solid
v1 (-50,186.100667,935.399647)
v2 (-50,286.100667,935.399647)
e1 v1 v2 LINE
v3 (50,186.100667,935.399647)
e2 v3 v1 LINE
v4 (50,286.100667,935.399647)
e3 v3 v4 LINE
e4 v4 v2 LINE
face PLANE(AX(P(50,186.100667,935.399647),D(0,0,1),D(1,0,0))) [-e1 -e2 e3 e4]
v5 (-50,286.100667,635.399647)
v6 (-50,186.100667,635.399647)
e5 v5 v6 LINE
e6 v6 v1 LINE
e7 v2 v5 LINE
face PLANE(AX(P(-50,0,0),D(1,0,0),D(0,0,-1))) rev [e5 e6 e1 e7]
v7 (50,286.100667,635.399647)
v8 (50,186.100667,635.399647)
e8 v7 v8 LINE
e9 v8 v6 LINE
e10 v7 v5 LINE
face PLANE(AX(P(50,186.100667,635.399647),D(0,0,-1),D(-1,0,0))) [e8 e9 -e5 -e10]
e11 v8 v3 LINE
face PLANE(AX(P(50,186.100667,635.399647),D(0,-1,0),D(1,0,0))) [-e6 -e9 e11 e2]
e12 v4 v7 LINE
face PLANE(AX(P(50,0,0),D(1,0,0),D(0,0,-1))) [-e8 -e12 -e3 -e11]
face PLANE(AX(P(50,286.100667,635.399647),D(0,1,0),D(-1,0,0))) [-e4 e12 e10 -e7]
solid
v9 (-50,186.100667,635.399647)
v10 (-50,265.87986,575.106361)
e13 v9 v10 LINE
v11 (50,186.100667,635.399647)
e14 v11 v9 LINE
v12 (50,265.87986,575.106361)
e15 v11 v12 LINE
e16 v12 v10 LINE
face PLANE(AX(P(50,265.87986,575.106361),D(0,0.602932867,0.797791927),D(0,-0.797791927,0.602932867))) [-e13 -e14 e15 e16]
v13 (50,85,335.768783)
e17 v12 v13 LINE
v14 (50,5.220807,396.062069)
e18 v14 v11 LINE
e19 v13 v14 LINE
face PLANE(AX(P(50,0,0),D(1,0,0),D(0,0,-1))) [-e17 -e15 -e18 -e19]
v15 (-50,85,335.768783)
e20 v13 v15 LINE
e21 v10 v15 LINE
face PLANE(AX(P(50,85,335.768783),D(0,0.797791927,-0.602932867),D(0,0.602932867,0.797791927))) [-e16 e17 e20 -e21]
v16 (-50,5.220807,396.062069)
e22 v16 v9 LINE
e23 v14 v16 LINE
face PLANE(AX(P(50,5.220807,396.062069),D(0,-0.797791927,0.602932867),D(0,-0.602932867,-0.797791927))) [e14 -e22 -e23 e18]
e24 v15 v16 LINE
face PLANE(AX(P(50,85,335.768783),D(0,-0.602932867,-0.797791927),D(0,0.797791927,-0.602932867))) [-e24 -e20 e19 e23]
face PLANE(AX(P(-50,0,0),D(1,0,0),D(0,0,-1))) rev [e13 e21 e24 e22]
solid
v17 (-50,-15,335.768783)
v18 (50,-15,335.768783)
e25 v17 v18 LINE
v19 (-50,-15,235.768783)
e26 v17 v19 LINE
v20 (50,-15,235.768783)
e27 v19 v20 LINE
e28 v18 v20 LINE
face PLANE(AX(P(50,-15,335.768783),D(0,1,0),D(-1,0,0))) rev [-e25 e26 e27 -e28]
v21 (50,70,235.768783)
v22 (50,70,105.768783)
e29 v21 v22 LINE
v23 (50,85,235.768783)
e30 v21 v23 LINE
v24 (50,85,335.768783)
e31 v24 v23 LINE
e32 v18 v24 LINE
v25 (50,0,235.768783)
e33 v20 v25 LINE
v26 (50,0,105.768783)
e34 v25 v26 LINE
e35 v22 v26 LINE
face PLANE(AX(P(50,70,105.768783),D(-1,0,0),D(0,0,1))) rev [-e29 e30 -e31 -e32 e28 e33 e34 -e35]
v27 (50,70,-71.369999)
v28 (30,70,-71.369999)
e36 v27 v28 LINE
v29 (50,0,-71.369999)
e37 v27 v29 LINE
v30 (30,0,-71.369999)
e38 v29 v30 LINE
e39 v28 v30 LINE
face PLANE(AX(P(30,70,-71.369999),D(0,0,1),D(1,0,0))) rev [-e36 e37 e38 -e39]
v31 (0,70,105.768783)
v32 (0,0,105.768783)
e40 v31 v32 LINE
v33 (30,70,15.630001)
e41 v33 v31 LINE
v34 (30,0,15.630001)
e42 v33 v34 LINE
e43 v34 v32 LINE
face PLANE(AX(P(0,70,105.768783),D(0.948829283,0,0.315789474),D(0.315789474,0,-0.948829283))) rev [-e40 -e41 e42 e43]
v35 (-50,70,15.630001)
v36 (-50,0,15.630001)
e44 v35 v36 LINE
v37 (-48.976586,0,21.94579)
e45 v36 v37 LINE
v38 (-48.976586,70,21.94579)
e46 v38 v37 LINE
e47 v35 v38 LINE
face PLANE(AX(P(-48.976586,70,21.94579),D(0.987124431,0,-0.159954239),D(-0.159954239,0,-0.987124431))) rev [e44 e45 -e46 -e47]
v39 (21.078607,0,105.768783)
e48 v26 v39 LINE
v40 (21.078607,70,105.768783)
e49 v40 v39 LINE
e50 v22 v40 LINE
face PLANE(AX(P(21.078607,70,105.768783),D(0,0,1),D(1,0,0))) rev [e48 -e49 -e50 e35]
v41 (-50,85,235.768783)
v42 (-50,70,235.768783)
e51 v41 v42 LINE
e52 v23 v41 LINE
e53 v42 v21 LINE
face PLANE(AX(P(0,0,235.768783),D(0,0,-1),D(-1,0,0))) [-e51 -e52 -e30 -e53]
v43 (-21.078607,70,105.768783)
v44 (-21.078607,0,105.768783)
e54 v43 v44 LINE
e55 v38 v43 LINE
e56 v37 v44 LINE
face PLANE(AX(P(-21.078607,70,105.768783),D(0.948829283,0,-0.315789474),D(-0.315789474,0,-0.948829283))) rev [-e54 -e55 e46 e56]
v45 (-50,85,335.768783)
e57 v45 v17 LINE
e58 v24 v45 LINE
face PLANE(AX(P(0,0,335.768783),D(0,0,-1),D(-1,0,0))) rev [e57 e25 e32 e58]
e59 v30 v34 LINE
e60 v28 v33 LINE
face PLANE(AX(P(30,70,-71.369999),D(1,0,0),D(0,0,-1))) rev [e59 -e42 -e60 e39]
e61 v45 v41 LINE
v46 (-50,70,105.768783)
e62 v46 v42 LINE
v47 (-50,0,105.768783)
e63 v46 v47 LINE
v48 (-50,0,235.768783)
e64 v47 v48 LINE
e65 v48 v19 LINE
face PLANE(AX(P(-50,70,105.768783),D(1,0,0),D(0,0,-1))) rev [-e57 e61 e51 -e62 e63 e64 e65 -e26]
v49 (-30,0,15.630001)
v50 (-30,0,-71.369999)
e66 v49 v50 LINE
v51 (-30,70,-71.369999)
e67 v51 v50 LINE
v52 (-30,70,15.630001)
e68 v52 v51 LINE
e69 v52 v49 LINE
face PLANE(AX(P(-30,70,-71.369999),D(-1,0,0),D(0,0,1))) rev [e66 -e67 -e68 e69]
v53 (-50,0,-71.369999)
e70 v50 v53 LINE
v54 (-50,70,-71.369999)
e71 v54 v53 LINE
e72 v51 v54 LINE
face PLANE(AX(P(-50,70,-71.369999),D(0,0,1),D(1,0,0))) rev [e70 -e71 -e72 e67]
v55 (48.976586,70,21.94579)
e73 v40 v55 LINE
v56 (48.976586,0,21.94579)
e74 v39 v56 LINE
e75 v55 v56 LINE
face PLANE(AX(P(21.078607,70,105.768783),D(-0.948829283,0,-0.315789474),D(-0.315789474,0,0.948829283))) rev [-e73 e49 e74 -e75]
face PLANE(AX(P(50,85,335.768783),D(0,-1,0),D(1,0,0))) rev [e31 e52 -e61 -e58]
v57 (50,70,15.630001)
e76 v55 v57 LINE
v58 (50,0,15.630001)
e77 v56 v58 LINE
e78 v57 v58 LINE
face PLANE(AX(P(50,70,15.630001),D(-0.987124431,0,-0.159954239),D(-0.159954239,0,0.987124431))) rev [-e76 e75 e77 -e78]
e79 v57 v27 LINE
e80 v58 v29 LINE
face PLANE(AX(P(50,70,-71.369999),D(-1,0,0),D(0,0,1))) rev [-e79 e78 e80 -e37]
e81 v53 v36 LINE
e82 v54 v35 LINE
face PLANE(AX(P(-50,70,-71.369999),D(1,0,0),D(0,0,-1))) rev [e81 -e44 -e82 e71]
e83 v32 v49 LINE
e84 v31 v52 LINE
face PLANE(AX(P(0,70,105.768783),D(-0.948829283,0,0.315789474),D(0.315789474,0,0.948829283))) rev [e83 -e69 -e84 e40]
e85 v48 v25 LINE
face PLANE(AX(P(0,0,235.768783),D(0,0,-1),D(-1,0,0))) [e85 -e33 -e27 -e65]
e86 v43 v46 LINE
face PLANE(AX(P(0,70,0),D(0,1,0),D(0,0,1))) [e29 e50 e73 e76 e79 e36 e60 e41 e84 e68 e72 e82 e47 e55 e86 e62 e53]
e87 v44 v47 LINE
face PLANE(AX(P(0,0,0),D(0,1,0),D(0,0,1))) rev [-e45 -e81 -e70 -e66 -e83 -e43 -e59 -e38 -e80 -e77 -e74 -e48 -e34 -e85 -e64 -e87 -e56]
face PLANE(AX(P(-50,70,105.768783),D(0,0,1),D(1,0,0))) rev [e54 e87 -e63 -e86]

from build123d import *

# Parameters (mm, degrees)
BOSS_EXTRUDE1_DEPTH = 70
SKETCH2_W           = 100
SKETCH2_H           = 100
BOSS_EXTRUDE2_DEPTH = 100
BOSS_EXTRUDE3_DEPTH = 100
SKETCH4_W           = 300
SKETCH4_H           = 100
BOSS_EXTRUDE4_DEPTH = 100


with BuildPart() as part:
    # Sketch1 → Boss-Extrude1 (new body)
    with BuildSketch(Plane(origin=(0, 0, 0), x_dir=(1, 0, 0), z_dir=(0, 1, 0))):
        Polygon((0, -105.768782521), (-30, -15.630000635), (-30, 71.369999365), (-50, 71.369999365), (-50, -15.630000635), (-48.97658566, -21.945790108), (-21.078607457, -105.768782521), (-50, -105.768782521), (-50, -235.768782521), (50, -235.768782521), (50, -105.768782521), (21.078607457, -105.768782521), (48.97658566, -21.945790108), (50, -15.630000635), (50, 71.369999365), (30, 71.369999365), (30, -15.630000635), align=None)
    extrude(amount=BOSS_EXTRUDE1_DEPTH)

    # Sketch2 → Boss-Extrude2 (add)
    with BuildSketch(Plane.XY.offset(235.768782521)):
        with Locations((0, 35)):
            Rectangle(SKETCH2_W, SKETCH2_H)
    extrude(amount=BOSS_EXTRUDE2_DEPTH)


with BuildPart() as body_2:
    # Sketch3 → Boss-Extrude3 (new body)
    with BuildSketch(Plane.ZY.offset(50)):
        Polygon((335.768782521, 85), (396.06206918, 5.220807325), (635.399647205, 186.100667301), (575.106360546, 265.879859976), align=None)
    extrude(amount=-BOSS_EXTRUDE3_DEPTH)


with BuildPart() as body_3:
    # Sketch4 → Boss-Extrude4 (new body)
    with BuildSketch(Plane.ZY.offset(50)):
        with Locations((785.399647205, 236.100667301)):
            Rectangle(SKETCH4_W, SKETCH4_H)
    extrude(amount=-BOSS_EXTRUDE4_DEPTH)


solid = Compound([part.part, body_2.part, body_3.part])
